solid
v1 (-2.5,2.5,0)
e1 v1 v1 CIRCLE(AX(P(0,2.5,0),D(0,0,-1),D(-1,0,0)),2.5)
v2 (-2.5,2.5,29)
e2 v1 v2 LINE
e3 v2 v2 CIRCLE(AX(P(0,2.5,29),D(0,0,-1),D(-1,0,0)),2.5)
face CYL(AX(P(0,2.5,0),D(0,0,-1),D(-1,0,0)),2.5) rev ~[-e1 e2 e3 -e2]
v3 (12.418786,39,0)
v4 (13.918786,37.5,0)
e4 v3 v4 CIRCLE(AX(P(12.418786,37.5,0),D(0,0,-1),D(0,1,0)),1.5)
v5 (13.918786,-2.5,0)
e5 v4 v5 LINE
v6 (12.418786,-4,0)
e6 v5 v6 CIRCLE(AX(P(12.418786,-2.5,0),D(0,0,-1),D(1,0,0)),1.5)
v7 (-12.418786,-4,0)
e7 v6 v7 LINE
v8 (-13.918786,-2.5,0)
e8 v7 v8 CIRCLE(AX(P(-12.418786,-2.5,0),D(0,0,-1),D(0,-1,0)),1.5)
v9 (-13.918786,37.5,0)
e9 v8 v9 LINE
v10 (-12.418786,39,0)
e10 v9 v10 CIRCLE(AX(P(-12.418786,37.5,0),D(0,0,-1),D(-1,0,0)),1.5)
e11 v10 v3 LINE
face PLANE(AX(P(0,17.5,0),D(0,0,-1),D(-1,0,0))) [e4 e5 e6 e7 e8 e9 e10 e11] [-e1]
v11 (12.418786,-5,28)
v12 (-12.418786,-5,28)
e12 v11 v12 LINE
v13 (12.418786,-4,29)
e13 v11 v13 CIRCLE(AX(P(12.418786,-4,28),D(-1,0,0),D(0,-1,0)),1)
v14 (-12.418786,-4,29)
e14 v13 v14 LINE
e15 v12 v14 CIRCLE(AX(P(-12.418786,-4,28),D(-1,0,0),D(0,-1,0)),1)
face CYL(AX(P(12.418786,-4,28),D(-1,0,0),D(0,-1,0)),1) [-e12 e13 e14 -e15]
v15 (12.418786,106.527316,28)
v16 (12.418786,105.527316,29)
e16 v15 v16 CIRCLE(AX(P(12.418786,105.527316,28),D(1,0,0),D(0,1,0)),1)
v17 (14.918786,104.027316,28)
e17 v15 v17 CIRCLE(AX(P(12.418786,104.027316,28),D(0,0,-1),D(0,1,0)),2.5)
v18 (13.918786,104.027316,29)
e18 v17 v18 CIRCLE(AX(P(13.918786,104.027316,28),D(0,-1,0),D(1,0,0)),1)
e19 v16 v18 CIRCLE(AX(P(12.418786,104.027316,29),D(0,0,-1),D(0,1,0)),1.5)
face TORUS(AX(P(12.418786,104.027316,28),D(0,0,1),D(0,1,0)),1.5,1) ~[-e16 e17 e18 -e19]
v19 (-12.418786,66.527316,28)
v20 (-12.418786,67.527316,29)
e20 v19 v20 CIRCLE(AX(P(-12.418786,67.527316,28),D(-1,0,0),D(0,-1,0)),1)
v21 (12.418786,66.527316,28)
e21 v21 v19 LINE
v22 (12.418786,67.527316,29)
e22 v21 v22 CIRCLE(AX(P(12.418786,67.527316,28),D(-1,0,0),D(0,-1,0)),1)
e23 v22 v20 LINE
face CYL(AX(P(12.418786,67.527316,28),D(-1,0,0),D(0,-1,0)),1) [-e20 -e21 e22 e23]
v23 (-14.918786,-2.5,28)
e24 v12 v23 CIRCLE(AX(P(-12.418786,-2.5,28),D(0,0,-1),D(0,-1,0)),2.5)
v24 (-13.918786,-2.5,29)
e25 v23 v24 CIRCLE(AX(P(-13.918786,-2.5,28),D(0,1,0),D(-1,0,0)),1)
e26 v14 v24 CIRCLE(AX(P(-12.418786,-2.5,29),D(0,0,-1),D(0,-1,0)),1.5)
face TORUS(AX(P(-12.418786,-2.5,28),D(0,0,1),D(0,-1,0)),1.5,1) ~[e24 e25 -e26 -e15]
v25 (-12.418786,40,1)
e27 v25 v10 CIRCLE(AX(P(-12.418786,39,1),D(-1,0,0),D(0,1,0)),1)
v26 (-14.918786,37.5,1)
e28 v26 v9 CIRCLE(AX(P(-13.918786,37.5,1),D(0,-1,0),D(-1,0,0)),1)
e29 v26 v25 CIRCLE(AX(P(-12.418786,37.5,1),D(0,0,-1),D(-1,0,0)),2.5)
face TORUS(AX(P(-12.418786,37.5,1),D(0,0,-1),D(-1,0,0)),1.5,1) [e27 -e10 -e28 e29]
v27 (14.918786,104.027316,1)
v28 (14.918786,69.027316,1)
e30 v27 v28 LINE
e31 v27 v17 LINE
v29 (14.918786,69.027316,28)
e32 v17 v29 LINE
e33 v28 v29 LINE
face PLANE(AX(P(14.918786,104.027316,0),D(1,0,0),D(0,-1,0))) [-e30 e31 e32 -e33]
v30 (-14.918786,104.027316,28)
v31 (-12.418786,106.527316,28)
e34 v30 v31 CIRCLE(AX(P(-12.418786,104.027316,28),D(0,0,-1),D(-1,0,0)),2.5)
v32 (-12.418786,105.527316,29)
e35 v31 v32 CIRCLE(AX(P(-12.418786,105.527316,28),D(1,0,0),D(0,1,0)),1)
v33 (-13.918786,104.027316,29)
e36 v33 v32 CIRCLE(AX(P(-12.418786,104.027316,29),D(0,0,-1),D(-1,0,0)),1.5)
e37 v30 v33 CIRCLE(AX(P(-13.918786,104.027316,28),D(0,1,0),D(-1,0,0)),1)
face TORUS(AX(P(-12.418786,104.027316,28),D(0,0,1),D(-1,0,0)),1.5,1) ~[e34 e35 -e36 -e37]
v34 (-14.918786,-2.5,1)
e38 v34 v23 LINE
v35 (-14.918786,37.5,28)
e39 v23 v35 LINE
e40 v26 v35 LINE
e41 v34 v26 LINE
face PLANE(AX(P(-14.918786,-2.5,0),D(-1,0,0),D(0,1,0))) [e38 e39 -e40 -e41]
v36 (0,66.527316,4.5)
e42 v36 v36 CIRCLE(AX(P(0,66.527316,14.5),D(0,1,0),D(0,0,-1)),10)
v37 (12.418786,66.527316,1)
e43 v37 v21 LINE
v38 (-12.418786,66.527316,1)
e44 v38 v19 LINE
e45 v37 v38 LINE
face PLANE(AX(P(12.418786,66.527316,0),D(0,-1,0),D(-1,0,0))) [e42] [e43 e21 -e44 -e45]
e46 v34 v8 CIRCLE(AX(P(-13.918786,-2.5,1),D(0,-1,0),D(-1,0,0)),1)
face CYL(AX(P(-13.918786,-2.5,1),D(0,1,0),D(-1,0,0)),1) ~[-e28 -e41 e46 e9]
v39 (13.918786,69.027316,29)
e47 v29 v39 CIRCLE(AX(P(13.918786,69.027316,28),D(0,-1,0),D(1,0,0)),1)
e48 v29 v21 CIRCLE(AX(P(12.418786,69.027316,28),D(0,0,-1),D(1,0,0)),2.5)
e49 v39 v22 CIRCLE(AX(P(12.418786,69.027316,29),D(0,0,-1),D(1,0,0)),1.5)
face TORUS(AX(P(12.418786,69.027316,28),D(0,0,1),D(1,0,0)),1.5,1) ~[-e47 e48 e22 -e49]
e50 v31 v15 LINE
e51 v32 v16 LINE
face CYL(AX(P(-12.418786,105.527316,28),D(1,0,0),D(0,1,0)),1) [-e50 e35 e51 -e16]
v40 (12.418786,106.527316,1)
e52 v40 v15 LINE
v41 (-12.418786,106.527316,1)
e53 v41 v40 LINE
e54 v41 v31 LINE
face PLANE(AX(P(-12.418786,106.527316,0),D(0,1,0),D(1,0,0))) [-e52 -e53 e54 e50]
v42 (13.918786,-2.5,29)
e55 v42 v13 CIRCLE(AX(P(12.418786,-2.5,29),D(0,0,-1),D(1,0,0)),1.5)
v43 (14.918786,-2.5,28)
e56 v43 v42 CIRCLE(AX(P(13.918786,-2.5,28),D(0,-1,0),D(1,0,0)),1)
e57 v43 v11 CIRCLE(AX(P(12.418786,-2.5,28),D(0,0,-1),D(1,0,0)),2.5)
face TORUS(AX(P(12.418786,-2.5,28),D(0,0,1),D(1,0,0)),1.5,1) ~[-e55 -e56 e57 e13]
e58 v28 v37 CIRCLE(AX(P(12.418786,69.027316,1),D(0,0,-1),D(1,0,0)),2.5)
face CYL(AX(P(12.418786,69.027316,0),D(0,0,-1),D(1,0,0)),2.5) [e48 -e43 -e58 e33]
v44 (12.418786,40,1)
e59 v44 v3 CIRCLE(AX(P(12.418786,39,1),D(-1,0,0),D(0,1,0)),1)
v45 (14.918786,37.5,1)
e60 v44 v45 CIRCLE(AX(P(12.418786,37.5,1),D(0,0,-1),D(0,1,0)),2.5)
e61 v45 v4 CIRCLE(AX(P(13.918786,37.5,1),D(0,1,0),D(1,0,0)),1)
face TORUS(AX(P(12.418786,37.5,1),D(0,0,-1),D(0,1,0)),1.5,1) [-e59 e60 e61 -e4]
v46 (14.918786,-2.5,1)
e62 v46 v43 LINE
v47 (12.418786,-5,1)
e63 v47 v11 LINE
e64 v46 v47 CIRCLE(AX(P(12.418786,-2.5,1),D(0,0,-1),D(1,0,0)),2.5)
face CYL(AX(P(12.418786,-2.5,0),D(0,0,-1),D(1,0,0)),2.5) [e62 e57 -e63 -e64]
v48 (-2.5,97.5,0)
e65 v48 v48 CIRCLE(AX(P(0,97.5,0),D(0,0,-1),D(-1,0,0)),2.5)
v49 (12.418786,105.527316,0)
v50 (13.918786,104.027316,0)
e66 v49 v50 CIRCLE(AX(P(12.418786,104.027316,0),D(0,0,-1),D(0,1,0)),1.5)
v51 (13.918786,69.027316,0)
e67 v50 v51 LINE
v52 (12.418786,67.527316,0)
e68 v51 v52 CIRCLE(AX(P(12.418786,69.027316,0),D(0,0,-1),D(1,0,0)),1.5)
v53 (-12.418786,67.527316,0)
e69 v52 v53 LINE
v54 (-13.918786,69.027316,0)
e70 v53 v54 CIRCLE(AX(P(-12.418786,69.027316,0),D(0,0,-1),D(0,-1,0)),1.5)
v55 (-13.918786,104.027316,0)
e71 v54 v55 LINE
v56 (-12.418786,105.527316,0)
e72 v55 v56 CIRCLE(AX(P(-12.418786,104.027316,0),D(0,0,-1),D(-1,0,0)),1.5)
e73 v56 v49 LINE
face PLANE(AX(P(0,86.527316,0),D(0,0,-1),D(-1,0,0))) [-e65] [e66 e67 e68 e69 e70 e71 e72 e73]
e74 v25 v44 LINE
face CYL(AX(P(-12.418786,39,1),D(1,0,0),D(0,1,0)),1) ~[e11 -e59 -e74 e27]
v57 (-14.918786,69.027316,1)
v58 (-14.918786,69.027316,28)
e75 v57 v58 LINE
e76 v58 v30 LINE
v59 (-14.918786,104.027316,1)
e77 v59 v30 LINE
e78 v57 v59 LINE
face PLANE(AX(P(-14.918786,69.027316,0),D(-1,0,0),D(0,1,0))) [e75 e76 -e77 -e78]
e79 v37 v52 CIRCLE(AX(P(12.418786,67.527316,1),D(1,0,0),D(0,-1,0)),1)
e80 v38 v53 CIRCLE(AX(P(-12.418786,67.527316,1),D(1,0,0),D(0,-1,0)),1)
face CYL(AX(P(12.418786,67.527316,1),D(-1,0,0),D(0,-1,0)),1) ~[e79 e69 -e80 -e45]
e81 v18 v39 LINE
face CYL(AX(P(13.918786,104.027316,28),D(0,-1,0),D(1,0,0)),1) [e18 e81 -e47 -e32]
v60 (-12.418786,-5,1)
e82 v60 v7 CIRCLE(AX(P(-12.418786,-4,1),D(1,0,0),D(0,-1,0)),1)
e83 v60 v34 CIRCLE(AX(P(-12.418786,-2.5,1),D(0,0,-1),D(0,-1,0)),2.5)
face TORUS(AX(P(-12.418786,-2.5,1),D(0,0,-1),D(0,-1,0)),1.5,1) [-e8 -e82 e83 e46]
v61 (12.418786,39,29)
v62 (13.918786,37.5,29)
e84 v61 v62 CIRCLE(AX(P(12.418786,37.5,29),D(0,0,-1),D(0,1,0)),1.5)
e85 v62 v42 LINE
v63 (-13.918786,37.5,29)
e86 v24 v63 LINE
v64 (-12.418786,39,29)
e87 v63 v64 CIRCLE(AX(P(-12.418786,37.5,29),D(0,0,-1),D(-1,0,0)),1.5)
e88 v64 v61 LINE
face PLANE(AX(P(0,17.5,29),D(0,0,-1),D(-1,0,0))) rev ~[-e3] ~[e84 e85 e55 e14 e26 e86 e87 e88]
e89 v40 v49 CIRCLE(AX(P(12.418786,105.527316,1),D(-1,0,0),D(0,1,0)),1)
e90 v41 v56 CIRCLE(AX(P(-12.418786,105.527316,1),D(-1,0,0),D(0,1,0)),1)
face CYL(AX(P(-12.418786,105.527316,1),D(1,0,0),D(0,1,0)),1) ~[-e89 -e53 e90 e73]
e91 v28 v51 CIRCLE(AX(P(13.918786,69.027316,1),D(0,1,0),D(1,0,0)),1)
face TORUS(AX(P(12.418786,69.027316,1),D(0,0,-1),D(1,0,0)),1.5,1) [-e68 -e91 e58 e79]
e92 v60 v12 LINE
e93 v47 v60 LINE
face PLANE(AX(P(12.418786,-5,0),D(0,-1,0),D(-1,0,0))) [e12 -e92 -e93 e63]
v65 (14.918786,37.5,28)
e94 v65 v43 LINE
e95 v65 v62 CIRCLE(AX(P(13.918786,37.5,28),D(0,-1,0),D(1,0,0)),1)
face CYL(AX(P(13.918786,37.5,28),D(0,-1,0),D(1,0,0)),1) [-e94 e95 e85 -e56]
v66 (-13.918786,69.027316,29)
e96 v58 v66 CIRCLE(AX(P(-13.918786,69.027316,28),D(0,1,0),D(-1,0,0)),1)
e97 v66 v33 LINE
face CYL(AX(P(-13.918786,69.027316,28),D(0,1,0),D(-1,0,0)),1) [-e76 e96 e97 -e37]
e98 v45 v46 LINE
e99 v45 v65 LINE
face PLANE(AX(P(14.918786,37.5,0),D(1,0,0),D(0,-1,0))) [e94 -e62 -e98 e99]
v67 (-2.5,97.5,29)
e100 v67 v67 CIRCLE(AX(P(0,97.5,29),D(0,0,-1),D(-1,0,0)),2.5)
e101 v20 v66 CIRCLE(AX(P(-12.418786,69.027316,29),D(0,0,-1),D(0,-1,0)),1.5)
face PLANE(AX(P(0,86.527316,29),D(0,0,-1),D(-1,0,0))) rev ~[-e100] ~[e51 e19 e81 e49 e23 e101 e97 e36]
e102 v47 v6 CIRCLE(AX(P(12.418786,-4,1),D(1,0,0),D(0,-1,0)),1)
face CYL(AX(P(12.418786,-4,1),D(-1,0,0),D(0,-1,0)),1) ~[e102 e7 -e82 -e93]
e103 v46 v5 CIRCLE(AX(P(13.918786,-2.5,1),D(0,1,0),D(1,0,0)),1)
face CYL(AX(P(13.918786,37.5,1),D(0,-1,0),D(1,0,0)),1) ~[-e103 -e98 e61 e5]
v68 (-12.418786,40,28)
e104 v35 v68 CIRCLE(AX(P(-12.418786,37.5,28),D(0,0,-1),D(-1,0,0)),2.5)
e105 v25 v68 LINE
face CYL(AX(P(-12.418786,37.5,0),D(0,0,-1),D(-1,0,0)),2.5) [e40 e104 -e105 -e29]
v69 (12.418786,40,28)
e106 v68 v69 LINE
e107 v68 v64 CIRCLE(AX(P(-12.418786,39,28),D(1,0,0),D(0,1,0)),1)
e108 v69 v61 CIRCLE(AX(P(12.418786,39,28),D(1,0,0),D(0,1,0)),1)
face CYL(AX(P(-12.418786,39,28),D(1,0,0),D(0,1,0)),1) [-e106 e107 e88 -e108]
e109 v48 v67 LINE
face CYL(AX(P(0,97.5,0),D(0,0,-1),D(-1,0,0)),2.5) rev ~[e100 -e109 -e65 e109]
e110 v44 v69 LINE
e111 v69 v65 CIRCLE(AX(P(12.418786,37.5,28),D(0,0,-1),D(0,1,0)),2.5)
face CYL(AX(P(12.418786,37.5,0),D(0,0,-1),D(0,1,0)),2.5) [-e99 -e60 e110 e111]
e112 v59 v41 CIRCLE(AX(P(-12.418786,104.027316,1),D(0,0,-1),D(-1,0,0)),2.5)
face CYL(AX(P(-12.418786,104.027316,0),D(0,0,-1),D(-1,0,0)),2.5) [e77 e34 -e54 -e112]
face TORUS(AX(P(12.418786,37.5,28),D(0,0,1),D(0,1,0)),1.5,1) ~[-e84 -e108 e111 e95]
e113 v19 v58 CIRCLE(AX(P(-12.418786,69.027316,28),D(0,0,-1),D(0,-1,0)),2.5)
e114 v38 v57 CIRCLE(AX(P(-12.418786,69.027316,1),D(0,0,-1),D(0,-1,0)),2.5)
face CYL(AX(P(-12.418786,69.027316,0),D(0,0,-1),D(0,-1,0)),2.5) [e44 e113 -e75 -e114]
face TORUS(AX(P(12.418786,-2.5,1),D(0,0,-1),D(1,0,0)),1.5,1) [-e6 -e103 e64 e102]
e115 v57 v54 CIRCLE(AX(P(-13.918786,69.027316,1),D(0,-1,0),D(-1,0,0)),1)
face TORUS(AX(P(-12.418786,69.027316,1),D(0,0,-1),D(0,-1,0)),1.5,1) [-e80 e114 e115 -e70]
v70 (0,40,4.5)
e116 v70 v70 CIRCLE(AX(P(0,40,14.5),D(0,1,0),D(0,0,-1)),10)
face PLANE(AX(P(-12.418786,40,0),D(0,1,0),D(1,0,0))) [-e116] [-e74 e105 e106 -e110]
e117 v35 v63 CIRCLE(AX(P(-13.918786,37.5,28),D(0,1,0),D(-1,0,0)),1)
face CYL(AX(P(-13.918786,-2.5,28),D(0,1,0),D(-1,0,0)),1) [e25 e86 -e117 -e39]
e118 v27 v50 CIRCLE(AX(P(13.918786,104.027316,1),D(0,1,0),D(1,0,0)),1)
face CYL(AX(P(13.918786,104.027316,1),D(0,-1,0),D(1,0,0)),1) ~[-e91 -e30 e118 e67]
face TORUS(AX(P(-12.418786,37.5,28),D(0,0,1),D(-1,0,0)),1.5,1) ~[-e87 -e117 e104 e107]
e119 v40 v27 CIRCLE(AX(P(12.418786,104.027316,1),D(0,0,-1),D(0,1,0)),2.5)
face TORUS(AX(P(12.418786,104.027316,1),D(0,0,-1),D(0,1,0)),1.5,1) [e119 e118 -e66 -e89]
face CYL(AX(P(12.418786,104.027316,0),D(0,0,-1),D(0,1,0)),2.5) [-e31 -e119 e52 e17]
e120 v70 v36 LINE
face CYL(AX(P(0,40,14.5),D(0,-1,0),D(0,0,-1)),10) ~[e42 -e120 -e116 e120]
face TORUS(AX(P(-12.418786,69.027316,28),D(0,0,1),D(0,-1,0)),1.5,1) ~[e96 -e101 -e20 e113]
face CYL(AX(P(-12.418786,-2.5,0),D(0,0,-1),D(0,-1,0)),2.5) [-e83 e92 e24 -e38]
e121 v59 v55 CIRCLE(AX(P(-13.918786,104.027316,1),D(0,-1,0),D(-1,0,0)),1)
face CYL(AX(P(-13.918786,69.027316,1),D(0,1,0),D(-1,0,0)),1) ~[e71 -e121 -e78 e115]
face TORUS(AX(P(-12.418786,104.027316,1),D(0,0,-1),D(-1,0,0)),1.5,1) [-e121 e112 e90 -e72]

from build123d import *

# Parameters (mm, degrees)
BOSS_EXTRUDE1_DEPTH   = 29
BOSS_EXTRUDE1_2_DEPTH = 29
FILLET1_R             = 1
FILLET2_R             = 1
SKETCH3_R             = 10
BOSS_EXTRUDE2_DEPTH   = 26.527316462
SKETCH4_R             = 2.5
CUT_EXTRUDE4_DEPTH    = 112.4075373


with BuildPart() as part:
    # Sketch1 → Boss-Extrude1 (new body)
    with BuildSketch(Plane.XY):
        with BuildLine():
            Line((-12.418786495, 106.527316462), (12.418786495, 106.527316462))
            ThreePointArc((12.418786495, 106.527316462), (14.186553448, 105.795083415), (14.918786495, 104.027316462))
            Line((14.918786495, 104.027316462), (14.918786495, 69.027316462))
            ThreePointArc((14.918786495, 69.027316462), (14.186553448, 67.259549509), (12.418786495, 66.527316462))
            Line((12.418786495, 66.527316462), (7.418786495, 66.527316462))
            Line((7.418786495, 66.527316462), (-7.418786495, 66.527316462))
            Line((-7.418786495, 66.527316462), (-12.418786495, 66.527316462))
            ThreePointArc((-12.418786495, 66.527316462), (-14.186553448, 67.259549509), (-14.918786495, 69.027316462))
            Line((-14.918786495, 69.027316462), (-14.918786495, 104.027316462))
            ThreePointArc((-14.918786495, 104.027316462), (-14.186553448, 105.795083415), (-12.418786495, 106.527316462))
        make_face()
    extrude(amount=BOSS_EXTRUDE1_DEPTH)

    # Fillet2
    fillet2_edges = [part.edges().sort_by_distance(p)[0] for p in [
        (14.186553448, 105.795083415, 0),
        (0, 106.527316462, 0),
        (-14.186553448, 105.795083415, 0),
        (-14.918786495, 86.527316462, 0),
        (-14.186553448, 67.259549509, 0),
        (0, 66.527316462, 0),
        (14.186553448, 67.259549509, 0),
        (14.918786495, 86.527316462, 0),
        (14.186553448, 105.795083415, 29),
        (0, 106.527316462, 29),
        (-14.186553448, 105.795083415, 29),
        (-14.918786495, 86.527316462, 29),
        (-14.186553448, 67.259549509, 29),
        (0, 66.527316462, 29),
        (14.186553448, 67.259549509, 29),
        (14.918786495, 86.527316462, 29),
    ]]
    fillet(fillet2_edges, radius=FILLET2_R)



with BuildPart() as body_2:
    # Sketch1 → Boss-Extrude1 2 (new body)
    with BuildSketch(Plane.XY):
        with BuildLine():
            Line((7.418786495, 40), (12.418786495, 40))
            ThreePointArc((12.418786495, 40), (14.186553448, 39.267766953), (14.918786495, 37.5))
            Line((14.918786495, 37.5), (14.918786495, -2.5))
            ThreePointArc((14.918786495, -2.5), (14.186553448, -4.267766953), (12.418786495, -5))
            Line((12.418786495, -5), (-12.418786495, -5))
            ThreePointArc((-12.418786495, -5), (-14.186553448, -4.267766953), (-14.918786495, -2.5))
            Line((-14.918786495, -2.5), (-14.918786495, 37.5))
            ThreePointArc((-14.918786495, 37.5), (-14.186553448, 39.267766953), (-12.418786495, 40))
            Line((-12.418786495, 40), (-7.418786495, 40))
            Line((-7.418786495, 40), (7.418786495, 40))
        make_face()
    extrude(amount=BOSS_EXTRUDE1_2_DEPTH)

    # Fillet1
    fillet1_edges = [body_2.edges().sort_by_distance(p)[0] for p in [
        (-14.918786495, 17.5, 0),
        (-14.186553448, 39.267766953, 0),
        (0, 40, 0),
        (14.186553448, 39.267766953, 0),
        (14.918786495, 17.5, 0),
        (14.186553448, -4.267766953, 29),
        (14.186553448, -4.267766953, 0),
        (0, -5, 0),
        (-14.186553448, -4.267766953, 0),
        (14.918786495, 17.5, 29),
        (14.186553448, 39.267766953, 29),
        (0, 40, 29),
        (-14.186553448, 39.267766953, 29),
        (-14.918786495, 17.5, 29),
        (-14.186553448, -4.267766953, 29),
        (0, -5, 29),
    ]]
    fillet(fillet1_edges, radius=FILLET1_R)


with BuildPart() as part_1:
    add(part.part)

    add(body_2.part)  # Boss-Extrude2 merges body 2
    # Sketch3 → Boss-Extrude2 (add)
    with BuildSketch(Plane(origin=(0, 40, 0), x_dir=(1, 0, 0), z_dir=(0, 1, 0))):
        with Locations(Location((0, -14.5, 0), (0, 0, 90))):
            Circle(SKETCH3_R)
    extrude(amount=BOSS_EXTRUDE2_DEPTH)

    # Sketch4 → Cut-Extrude4 (cut, through all)
    with BuildSketch(Plane(origin=(0, 0, 0), x_dir=(-1, 0, 0), z_dir=(0, 0, -1))):
        with Locations((0, 97.5)):
            Circle(SKETCH4_R)
        with Locations((0, 2.5)):
            Circle(SKETCH4_R)
    extrude(amount=-CUT_EXTRUDE4_DEPTH, mode=Mode.SUBTRACT)


solid = part_1.part
